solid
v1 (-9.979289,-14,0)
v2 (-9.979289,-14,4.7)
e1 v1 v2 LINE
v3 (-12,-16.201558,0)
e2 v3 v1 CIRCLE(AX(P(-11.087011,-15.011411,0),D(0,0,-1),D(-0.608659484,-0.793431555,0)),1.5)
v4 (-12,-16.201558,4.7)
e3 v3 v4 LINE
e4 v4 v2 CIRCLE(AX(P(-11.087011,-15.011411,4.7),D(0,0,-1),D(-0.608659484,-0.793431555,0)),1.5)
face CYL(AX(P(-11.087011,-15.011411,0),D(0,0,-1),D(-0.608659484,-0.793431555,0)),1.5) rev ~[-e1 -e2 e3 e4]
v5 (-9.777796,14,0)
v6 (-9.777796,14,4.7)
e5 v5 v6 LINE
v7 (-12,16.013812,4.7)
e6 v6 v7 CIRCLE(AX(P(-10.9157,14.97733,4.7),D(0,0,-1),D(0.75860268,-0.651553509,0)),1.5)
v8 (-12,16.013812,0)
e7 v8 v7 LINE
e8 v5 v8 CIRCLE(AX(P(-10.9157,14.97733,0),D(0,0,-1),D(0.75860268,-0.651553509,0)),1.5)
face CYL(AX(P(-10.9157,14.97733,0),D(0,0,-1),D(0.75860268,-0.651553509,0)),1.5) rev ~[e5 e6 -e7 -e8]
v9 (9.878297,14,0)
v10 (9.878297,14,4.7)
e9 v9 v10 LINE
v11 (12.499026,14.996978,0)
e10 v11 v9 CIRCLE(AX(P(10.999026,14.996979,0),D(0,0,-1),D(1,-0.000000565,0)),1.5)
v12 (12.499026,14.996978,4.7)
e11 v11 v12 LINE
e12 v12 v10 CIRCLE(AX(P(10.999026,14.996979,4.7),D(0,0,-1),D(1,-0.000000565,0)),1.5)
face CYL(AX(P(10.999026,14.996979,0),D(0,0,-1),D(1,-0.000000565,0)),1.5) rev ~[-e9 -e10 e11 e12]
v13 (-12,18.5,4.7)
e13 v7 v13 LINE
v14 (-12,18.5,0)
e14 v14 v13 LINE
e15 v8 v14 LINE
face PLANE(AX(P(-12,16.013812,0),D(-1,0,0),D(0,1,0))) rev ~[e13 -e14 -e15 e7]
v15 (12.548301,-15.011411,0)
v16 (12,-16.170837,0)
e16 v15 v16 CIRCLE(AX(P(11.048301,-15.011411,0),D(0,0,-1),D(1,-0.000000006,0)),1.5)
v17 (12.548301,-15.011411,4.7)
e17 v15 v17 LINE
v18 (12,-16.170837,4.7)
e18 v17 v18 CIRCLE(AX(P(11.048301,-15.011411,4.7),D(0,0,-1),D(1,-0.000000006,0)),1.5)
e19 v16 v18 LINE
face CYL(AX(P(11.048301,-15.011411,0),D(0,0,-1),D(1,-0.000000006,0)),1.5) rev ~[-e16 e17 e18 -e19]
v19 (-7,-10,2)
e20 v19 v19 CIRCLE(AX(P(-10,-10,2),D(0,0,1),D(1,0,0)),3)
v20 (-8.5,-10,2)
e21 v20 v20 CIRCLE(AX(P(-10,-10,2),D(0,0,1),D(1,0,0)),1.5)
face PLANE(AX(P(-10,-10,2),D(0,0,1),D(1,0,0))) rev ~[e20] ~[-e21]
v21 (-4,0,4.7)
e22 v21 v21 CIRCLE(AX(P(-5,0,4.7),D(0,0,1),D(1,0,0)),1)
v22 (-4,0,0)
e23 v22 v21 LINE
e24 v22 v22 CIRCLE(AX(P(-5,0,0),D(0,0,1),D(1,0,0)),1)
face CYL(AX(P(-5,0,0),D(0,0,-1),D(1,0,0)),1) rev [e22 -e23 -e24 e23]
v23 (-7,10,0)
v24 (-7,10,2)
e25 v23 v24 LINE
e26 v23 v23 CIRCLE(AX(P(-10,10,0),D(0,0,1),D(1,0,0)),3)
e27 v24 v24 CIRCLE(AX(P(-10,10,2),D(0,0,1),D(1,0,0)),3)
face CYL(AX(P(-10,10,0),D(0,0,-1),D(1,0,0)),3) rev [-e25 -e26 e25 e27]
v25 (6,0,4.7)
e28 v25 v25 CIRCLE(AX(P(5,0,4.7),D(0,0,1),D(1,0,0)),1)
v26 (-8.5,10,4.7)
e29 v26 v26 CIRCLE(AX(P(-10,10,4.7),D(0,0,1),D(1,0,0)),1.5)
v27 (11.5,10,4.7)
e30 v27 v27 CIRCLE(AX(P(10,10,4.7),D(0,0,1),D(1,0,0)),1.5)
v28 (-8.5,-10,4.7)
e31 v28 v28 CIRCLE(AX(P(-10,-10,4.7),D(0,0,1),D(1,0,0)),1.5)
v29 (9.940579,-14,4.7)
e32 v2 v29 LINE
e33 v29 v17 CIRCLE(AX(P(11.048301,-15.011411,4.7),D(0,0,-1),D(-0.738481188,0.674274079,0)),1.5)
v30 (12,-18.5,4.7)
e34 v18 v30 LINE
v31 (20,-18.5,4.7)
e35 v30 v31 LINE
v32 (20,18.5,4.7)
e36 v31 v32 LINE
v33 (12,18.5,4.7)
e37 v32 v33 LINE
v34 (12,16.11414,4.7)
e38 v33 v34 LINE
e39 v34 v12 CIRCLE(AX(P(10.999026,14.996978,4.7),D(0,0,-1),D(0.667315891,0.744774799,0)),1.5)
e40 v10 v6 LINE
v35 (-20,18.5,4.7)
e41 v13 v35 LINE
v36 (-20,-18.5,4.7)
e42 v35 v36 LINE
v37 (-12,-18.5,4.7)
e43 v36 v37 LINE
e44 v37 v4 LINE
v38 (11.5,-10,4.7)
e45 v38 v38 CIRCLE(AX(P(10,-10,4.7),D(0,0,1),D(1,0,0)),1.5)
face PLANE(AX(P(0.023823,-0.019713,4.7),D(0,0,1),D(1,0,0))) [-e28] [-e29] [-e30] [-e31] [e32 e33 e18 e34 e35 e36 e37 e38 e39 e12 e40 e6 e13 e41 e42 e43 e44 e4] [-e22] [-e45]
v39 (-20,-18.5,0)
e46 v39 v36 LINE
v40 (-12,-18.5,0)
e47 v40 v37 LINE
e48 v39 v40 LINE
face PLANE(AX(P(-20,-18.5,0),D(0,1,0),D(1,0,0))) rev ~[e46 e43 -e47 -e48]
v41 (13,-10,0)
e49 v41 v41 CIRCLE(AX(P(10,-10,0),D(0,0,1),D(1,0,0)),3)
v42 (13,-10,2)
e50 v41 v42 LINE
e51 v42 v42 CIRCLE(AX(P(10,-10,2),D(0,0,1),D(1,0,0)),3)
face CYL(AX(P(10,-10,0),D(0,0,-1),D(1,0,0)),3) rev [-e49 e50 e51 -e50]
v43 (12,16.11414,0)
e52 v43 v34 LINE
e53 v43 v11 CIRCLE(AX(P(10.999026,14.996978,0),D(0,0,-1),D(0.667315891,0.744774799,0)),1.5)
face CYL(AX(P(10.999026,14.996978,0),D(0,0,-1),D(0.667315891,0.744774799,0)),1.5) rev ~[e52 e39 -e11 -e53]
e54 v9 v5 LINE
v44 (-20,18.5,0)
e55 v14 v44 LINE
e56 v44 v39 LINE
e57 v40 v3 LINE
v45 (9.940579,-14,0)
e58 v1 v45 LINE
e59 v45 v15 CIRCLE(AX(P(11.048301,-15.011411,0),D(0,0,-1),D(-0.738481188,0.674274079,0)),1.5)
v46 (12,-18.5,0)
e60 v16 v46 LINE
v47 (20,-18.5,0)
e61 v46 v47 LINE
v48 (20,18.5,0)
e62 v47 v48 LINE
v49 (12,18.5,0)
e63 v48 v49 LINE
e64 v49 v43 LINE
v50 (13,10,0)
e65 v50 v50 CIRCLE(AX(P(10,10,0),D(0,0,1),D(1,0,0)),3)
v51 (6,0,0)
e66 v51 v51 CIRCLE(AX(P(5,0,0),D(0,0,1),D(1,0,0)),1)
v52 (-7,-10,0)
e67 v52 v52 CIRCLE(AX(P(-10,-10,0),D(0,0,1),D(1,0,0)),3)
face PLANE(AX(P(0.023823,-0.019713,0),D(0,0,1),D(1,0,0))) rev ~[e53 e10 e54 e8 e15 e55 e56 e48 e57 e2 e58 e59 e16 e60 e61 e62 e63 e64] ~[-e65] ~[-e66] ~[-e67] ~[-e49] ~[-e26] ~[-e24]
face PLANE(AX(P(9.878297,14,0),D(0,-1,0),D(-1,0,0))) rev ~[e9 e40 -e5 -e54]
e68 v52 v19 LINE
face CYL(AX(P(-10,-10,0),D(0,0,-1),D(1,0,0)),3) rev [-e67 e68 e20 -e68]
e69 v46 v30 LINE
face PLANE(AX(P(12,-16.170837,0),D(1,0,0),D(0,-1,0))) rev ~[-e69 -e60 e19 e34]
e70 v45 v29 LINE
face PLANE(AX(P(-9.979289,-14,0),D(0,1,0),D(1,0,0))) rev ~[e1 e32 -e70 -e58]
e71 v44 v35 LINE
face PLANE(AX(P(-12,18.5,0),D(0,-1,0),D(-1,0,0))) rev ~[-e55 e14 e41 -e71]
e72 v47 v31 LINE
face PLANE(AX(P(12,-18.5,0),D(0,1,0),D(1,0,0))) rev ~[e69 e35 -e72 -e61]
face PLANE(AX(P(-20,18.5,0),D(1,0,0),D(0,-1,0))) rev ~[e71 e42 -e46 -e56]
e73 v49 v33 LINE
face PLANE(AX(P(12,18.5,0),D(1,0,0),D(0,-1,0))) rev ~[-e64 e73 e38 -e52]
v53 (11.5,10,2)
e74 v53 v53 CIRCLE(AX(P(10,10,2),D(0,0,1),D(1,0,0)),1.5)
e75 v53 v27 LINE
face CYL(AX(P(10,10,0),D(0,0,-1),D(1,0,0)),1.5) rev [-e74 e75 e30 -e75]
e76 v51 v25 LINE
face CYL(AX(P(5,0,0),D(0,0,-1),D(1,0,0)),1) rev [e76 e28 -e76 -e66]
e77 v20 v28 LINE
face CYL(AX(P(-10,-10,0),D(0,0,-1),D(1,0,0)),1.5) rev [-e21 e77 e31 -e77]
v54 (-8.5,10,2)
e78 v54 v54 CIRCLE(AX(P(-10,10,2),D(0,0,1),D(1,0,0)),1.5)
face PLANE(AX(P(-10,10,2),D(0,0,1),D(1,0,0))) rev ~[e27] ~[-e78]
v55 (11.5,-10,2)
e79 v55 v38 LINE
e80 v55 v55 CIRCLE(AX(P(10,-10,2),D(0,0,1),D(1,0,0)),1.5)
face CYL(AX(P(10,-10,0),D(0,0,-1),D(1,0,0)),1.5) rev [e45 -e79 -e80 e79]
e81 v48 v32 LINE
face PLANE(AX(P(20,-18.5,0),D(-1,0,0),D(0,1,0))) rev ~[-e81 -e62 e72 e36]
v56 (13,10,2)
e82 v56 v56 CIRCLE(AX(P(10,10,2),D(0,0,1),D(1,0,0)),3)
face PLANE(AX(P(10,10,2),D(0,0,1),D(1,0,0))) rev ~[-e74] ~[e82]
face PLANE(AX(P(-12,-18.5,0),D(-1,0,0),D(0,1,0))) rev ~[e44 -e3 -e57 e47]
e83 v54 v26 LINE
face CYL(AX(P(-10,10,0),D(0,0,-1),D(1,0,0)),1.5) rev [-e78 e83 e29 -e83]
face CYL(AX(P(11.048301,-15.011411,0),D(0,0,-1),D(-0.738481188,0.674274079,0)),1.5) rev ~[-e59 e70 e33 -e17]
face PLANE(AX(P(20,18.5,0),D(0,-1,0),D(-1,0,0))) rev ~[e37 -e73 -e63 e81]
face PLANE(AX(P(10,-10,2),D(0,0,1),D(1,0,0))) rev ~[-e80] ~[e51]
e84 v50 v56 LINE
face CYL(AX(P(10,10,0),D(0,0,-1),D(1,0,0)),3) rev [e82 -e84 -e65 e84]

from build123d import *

# Parameters (mm, degrees)
F0_R     = 3
F0_R_2   = 1
F0_R_3   = 1.5
F1_DEPTH = 4.7
F2_DEPTH = 2


with BuildPart() as f1:
    # F0 (on Top) → F1 (new body)
    with BuildSketch(Plane.XY):
        with BuildLine():
            Line((12, -18.5), (20, -18.5))
            Line((20, -18.5), (20, 18.5))
            Line((20, 18.5), (12, 18.5))
            Line((12, 18.5), (12, 16.11414))
            ThreePointArc((12, 16.11414), (12.368599, 15.608754), (12.499026, 14.996978))
            ThreePointArc((12.499026, 14.996978), (11.532367, 13.594999), (9.878297, 14))
            Line((9.878297, 14), (-9.777796, 14))
            ThreePointArc((-9.777796, 14), (-11.922963, 13.865835), (-12, 16.013812))
            Line((-12, 16.013812), (-12, 18.5))
            Line((-12, 18.5), (-20, 18.5))
            Line((-20, 18.5), (-20, -18.5))
            Line((-20, -18.5), (-12, -18.5))
            Line((-12, -18.5), (-12, -16.201558))
            ThreePointArc((-12, -16.201558), (-12.192088, -13.997111), (-9.979289, -14))
            Line((-9.979289, -14), (9.940579, -14))
            ThreePointArc((9.940579, -14), (11.590711, -13.612915), (12.548301, -15.011411))
            ThreePointArc((12.548301, -15.011411), (12.404315, -15.65268), (12, -16.170837))
            Line((12, -16.170837), (12, -18.5))
        make_face()
        with Locations((-10, -10)):
            Circle(F0_R, mode=Mode.SUBTRACT)
        with Locations((10, -10)):
            Circle(F0_R, mode=Mode.SUBTRACT)
        with Locations((-5, 0)):
            Circle(F0_R_2, mode=Mode.SUBTRACT)
        with Locations((-10, 10)):
            Circle(F0_R, mode=Mode.SUBTRACT)
        with Locations((5, 0)):
            Circle(F0_R_2, mode=Mode.SUBTRACT)
        with Locations((10, 10)):
            Circle(F0_R, mode=Mode.SUBTRACT)
        with Locations((10, 10)):
            Circle(F0_R)
        with Locations((10, 10)):
            Circle(F0_R_3, mode=Mode.SUBTRACT)
        with Locations((-10, 10)):
            Circle(F0_R)
        with Locations((-10, 10)):
            Circle(F0_R_3, mode=Mode.SUBTRACT)
        with Locations((-10, -10)):
            Circle(F0_R)
        with Locations((-10, -10)):
            Circle(F0_R_3, mode=Mode.SUBTRACT)
        with Locations((10, -10)):
            Circle(F0_R)
        with Locations((10, -10)):
            Circle(F0_R_3, mode=Mode.SUBTRACT)
    extrude(amount=F1_DEPTH)

    # F0 (on Top) → F2 (cut)
    with BuildSketch(Plane.XY):
        with Locations((10, 10)):
            Circle(F0_R)
        with Locations((10, 10)):
            Circle(F0_R_3, mode=Mode.SUBTRACT)
        with Locations((-10, 10)):
            Circle(F0_R)
        with Locations((-10, 10)):
            Circle(F0_R_3, mode=Mode.SUBTRACT)
        with Locations((10, -10)):
            Circle(F0_R)
        with Locations((10, -10)):
            Circle(F0_R_3, mode=Mode.SUBTRACT)
        with Locations((-10, -10)):
            Circle(F0_R)
        with Locations((-10, -10)):
            Circle(F0_R_3, mode=Mode.SUBTRACT)
    extrude(amount=F2_DEPTH, mode=Mode.SUBTRACT)


solid = f1.part
